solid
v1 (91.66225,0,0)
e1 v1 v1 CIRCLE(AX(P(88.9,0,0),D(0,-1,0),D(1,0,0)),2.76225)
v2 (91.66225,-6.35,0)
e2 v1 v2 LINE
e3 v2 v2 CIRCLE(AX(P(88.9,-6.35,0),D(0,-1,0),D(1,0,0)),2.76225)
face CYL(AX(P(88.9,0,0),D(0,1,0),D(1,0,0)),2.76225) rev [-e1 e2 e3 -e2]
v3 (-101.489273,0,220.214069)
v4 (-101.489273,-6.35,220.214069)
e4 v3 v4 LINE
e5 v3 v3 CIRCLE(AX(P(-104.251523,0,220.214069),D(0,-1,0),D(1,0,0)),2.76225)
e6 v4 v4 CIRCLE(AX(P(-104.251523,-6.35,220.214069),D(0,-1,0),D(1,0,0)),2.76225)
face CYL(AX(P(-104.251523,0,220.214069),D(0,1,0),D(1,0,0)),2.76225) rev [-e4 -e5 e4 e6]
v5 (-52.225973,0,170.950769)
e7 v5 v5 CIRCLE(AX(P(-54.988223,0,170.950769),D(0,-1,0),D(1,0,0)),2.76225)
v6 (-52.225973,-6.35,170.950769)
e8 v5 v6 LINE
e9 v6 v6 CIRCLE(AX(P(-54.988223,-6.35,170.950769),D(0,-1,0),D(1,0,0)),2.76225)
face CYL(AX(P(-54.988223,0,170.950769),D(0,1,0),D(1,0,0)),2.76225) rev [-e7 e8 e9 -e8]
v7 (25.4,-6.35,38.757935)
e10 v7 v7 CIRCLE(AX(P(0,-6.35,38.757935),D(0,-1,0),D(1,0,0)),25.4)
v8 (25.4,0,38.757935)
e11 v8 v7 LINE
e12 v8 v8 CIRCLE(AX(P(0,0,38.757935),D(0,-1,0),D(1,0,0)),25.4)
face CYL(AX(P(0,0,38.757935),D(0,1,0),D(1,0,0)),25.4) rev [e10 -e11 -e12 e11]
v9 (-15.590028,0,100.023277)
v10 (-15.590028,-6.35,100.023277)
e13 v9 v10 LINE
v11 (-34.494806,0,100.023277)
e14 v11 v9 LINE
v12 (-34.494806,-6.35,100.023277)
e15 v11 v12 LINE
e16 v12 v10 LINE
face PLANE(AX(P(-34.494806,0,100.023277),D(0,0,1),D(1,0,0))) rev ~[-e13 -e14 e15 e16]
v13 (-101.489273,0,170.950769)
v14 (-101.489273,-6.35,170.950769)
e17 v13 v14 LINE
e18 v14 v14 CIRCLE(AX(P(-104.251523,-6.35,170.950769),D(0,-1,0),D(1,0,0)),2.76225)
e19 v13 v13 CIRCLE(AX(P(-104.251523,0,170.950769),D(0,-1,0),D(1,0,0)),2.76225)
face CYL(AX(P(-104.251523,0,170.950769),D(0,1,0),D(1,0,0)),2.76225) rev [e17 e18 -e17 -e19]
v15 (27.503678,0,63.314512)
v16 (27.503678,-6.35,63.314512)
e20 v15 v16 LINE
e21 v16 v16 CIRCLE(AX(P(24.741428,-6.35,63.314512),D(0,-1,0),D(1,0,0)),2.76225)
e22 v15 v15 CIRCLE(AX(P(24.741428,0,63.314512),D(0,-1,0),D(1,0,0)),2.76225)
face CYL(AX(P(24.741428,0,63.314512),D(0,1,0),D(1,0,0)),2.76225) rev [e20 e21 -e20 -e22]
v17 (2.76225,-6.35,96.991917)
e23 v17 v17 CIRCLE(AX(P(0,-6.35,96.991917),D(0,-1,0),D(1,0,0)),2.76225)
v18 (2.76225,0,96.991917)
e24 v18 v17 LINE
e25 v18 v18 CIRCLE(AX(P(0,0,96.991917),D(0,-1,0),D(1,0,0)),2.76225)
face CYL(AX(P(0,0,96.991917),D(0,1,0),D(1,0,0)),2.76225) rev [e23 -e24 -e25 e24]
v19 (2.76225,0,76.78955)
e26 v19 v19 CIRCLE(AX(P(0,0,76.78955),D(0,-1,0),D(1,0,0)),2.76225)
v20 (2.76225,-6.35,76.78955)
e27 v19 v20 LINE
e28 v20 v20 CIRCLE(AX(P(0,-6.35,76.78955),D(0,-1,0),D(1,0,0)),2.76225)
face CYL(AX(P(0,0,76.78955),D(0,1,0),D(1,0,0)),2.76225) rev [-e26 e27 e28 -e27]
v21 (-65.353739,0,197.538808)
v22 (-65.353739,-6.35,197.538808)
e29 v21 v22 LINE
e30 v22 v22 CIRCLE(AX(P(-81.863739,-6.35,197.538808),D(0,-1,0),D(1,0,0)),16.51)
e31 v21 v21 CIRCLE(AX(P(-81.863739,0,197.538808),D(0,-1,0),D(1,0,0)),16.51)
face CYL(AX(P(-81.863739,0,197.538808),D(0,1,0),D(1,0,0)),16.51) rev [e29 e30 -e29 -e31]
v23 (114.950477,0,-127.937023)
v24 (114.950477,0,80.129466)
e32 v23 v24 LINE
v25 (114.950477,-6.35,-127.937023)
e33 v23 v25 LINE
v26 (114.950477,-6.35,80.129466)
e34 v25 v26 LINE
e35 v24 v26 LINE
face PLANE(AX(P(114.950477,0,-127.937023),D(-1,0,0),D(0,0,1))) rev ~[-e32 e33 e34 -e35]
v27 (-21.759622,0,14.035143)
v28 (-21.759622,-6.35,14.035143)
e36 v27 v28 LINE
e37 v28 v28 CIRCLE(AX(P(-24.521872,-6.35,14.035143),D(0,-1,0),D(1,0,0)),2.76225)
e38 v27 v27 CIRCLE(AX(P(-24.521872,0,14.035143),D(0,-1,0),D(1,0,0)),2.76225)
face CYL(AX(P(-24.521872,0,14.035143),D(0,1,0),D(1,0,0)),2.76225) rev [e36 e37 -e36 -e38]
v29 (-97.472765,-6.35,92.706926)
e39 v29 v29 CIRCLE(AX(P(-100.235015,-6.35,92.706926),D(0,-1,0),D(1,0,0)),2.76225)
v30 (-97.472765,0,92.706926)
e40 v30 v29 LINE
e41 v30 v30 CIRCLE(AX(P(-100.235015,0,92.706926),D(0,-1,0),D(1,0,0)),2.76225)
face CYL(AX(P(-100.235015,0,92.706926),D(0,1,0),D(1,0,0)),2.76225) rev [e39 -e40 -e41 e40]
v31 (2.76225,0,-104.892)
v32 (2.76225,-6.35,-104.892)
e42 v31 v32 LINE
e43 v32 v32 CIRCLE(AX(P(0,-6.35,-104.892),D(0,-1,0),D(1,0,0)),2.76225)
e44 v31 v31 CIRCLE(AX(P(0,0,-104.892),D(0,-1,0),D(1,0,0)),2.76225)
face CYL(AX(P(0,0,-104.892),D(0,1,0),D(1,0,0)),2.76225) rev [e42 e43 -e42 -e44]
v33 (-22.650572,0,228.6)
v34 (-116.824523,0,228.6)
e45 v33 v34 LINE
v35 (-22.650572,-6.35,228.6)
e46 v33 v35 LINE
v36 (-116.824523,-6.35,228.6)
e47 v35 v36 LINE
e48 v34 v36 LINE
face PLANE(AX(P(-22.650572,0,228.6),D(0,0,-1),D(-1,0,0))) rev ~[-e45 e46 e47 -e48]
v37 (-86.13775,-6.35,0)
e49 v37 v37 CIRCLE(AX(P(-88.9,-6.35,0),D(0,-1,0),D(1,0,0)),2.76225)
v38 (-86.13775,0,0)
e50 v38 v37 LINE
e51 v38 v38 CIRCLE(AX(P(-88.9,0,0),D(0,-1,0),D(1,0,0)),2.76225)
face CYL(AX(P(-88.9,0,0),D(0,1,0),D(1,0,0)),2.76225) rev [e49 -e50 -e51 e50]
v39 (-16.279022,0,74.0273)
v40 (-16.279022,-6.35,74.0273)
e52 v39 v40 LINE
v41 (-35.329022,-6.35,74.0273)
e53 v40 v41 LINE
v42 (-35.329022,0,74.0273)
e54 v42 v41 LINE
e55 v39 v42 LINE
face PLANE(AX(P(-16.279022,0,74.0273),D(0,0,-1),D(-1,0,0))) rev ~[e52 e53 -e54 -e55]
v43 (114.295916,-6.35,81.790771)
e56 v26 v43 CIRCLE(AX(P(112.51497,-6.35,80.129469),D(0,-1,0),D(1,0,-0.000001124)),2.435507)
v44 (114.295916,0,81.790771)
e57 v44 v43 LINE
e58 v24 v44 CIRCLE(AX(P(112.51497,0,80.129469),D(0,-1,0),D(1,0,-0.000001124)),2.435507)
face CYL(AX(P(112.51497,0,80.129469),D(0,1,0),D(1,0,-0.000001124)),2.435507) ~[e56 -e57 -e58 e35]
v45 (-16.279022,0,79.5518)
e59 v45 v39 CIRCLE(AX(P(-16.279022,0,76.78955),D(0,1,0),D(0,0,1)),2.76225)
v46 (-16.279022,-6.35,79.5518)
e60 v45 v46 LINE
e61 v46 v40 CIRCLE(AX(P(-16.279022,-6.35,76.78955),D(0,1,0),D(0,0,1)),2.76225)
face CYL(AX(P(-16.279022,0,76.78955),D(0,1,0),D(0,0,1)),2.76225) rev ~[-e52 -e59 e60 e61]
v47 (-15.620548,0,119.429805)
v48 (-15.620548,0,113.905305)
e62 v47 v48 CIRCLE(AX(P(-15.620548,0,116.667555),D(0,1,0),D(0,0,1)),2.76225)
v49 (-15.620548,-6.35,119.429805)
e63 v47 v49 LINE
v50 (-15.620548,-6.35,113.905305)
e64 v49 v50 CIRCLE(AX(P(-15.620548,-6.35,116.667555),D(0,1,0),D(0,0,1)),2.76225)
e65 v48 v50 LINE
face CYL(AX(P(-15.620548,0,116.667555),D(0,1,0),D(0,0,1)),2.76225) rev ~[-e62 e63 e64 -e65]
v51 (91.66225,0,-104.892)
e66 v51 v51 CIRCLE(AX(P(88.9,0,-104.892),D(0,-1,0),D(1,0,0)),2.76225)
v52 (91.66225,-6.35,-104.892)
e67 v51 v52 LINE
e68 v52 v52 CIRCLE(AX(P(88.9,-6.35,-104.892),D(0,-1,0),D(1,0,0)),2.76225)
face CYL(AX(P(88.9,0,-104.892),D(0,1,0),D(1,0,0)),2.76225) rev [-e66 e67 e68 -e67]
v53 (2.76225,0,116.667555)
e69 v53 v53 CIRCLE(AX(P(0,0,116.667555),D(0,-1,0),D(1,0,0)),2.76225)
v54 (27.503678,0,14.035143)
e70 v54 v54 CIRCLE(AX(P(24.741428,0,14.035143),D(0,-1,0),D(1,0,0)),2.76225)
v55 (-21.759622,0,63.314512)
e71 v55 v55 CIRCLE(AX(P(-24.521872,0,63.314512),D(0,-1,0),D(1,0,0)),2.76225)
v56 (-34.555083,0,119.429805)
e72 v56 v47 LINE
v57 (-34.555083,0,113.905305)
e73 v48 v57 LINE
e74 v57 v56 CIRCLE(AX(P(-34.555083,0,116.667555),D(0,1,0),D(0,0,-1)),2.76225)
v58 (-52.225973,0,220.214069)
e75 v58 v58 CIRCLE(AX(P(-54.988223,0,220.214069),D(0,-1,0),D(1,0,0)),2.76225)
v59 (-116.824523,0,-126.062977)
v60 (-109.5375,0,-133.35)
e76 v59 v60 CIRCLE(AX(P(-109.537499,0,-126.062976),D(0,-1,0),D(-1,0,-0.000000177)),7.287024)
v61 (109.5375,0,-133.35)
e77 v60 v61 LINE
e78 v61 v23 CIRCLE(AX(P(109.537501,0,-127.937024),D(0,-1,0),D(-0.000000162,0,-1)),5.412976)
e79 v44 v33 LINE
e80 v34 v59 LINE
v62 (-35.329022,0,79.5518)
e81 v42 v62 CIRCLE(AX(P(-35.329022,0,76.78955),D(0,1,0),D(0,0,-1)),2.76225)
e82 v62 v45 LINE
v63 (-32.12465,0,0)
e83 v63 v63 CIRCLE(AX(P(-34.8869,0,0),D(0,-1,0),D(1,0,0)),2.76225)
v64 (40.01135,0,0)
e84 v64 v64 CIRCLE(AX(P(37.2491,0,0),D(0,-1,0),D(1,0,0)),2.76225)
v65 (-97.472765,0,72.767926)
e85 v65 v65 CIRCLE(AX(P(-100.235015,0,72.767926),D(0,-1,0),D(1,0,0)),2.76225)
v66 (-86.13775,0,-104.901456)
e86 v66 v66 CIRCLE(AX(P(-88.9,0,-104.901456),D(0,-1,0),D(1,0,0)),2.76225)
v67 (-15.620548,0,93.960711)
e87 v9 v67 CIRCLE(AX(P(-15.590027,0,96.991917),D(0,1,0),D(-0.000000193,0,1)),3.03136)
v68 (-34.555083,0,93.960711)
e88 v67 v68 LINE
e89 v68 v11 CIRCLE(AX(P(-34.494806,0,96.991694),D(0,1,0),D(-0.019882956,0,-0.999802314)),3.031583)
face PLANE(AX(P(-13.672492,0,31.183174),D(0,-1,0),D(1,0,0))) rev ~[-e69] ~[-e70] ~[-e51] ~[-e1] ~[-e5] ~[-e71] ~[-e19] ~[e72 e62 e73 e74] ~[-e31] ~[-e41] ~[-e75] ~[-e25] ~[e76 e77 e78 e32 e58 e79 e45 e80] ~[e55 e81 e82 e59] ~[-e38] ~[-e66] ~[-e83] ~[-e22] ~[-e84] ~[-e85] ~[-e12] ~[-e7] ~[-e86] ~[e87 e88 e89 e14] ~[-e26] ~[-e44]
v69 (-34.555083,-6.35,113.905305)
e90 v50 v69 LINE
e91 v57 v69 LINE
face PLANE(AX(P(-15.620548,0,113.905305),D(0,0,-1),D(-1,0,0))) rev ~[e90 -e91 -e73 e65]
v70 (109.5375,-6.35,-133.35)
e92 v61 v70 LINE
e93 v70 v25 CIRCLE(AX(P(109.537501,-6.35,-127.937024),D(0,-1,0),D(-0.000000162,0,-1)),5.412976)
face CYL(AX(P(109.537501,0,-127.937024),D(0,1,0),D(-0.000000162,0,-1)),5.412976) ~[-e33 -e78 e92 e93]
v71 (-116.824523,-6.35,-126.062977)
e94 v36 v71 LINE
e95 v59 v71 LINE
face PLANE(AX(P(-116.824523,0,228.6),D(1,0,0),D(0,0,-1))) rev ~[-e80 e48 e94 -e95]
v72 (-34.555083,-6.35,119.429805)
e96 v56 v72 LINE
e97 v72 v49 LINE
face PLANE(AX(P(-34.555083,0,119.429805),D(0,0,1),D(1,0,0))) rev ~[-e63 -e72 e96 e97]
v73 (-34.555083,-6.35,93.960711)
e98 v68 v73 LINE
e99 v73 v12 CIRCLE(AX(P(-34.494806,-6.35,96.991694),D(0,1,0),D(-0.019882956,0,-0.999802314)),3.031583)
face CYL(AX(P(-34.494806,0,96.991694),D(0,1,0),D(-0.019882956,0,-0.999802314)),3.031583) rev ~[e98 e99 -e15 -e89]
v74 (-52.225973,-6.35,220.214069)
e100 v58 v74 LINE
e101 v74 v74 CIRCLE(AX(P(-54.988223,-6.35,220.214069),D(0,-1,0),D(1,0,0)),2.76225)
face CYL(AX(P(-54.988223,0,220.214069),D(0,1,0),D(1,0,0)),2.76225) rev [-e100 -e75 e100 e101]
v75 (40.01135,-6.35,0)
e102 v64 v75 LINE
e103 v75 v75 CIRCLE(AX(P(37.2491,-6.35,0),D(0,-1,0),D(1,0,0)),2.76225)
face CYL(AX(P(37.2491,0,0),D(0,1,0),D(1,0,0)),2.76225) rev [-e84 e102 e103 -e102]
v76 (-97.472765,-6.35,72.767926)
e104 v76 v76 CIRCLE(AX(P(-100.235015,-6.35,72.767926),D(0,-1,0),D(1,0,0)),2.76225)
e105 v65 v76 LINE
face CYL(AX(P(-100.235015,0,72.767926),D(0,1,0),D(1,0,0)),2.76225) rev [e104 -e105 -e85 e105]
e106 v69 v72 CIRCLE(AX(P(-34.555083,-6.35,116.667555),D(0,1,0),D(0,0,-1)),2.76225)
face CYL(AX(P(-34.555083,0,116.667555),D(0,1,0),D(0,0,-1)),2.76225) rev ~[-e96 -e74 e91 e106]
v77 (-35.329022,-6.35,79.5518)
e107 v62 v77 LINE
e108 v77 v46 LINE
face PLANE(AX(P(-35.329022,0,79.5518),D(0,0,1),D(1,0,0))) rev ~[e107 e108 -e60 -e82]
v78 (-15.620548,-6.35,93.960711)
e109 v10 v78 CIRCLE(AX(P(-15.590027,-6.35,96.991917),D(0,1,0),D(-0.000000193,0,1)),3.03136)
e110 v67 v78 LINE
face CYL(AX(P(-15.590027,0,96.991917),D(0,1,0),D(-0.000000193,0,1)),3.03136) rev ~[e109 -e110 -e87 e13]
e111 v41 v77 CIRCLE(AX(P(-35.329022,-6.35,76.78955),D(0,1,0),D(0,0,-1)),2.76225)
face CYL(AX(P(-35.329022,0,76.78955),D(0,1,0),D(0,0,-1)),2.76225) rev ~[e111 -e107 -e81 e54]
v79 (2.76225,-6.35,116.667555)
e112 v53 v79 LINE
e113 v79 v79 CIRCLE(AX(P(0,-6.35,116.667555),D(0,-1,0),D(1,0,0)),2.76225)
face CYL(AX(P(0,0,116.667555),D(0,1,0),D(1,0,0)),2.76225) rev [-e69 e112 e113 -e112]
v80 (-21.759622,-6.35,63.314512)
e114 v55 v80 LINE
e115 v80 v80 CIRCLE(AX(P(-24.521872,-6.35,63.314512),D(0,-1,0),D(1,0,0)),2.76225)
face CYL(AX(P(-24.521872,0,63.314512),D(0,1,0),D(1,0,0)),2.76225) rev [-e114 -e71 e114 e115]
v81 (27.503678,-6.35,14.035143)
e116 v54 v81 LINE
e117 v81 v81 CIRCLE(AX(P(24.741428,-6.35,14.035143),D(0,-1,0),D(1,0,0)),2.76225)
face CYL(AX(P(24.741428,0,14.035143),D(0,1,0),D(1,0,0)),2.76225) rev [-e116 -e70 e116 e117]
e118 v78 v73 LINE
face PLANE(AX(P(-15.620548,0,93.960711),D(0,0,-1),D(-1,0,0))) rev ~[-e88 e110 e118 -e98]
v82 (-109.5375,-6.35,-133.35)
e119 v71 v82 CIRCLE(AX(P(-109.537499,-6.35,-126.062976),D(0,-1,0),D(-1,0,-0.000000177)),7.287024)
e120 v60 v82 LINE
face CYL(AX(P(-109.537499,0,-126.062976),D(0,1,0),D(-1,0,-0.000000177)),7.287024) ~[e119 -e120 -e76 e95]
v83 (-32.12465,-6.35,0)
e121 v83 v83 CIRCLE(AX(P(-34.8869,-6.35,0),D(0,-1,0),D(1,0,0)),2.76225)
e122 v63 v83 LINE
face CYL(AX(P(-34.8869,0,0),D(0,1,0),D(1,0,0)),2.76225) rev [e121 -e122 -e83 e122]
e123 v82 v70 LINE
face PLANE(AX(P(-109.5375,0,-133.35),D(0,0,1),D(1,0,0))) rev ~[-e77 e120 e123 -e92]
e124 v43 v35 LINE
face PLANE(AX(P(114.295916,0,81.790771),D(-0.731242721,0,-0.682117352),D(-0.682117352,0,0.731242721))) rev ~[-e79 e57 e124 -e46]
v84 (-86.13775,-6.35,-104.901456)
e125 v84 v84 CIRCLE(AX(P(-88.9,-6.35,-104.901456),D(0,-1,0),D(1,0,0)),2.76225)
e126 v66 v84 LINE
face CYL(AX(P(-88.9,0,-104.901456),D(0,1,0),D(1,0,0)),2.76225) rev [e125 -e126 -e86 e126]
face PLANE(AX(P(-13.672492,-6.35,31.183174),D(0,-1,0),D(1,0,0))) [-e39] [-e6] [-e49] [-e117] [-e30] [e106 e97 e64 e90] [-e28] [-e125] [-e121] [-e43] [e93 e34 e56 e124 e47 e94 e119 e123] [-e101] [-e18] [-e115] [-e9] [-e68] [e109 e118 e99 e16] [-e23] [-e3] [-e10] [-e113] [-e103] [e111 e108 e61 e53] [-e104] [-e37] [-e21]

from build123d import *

# Parameters (mm, degrees)
F0_R     = 2.76225
F0_R_2   = 25.4
F0_R_3   = 16.51
F1_DEPTH = 6.35


with BuildPart() as f1:
    # F0 (on Front) → F1 (new body)
    with BuildSketch(Plane.XZ):
        with BuildLine():
            ThreePointArc((-116.824523, -126.062977), (-114.690203, -131.21568), (-109.5375, -133.35))
            Line((-109.5375, -133.35), (109.5375, -133.35))
            ThreePointArc((109.5375, -133.35), (113.365053, -131.764576), (114.950477, -127.937023))
            Line((114.950477, -127.937023), (114.950477, 80.129466))
            ThreePointArc((114.950477, 80.129466), (114.780936, 81.022269), (114.295916, 81.790771))
            Line((114.295916, 81.790771), (-22.650572, 228.6))
            Line((-22.650572, 228.6), (-116.824523, 228.6))
            Line((-116.824523, 228.6), (-116.824523, -126.062977))
        make_face()
        with Locations((-88.9, -104.901456)):
            Circle(F0_R, mode=Mode.SUBTRACT)
        with Locations((-88.9, 0)):
            Circle(F0_R, mode=Mode.SUBTRACT)
        with Locations((-34.8869, 0)):
            Circle(F0_R, mode=Mode.SUBTRACT)
        with Locations((-24.521872, 14.035143)):
            Circle(F0_R, mode=Mode.SUBTRACT)
        with Locations((0, -104.892)):
            Circle(F0_R, mode=Mode.SUBTRACT)
        with Locations((88.9, -104.892)):
            Circle(F0_R, mode=Mode.SUBTRACT)
        with Locations((37.2491, 0)):
            Circle(F0_R, mode=Mode.SUBTRACT)
        with Locations((24.741428, 14.035143)):
            Circle(F0_R, mode=Mode.SUBTRACT)
        with Locations((0, 38.757935)):
            Circle(F0_R_2, mode=Mode.SUBTRACT)
        with Locations((88.9, 0)):
            Circle(F0_R, mode=Mode.SUBTRACT)
        with Locations((-100.235015, 72.767926)):
            Circle(F0_R, mode=Mode.SUBTRACT)
        with Locations((-100.235015, 92.706926)):
            Circle(F0_R, mode=Mode.SUBTRACT)
        with Locations((-24.521872, 63.314512)):
            Circle(F0_R, mode=Mode.SUBTRACT)
        with BuildLine():
            ThreePointArc((-35.329022, 74.0273), (-38.091272, 76.78955), (-35.329022, 79.5518))
            Line((-35.329022, 79.5518), (-16.279022, 79.5518))
            ThreePointArc((-16.279022, 79.5518), (-13.516772, 76.78955), (-16.279022, 74.0273))
            Line((-16.279022, 74.0273), (-35.329022, 74.0273))
        make_face(mode=Mode.SUBTRACT)
        with BuildLine():
            ThreePointArc((-15.590028, 100.023277), (-12.558706, 96.976657), (-15.620548, 93.960711))
            Line((-15.620548, 93.960711), (-34.555083, 93.960711))
            ThreePointArc((-34.555083, 93.960711), (-37.526239, 97.021834), (-34.494806, 100.023277))
            Line((-34.494806, 100.023277), (-15.590028, 100.023277))
        make_face(mode=Mode.SUBTRACT)
        with BuildLine():
            ThreePointArc((-34.555083, 113.905305), (-37.317333, 116.667555), (-34.555083, 119.429805))
            Line((-34.555083, 119.429805), (-15.620548, 119.429805))
            ThreePointArc((-15.620548, 119.429805), (-12.858298, 116.667555), (-15.620548, 113.905305))
            Line((-15.620548, 113.905305), (-34.555083, 113.905305))
        make_face(mode=Mode.SUBTRACT)
        with Locations((-104.251523, 170.950769)):
            Circle(F0_R, mode=Mode.SUBTRACT)
        with Locations((-104.251523, 220.214069)):
            Circle(F0_R, mode=Mode.SUBTRACT)
        with Locations((-81.863739, 197.538808)):
            Circle(F0_R_3, mode=Mode.SUBTRACT)
        with Locations((-54.988223, 170.950769)):
            Circle(F0_R, mode=Mode.SUBTRACT)
        with Locations((-54.988223, 220.214069)):
            Circle(F0_R, mode=Mode.SUBTRACT)
        with Locations((24.741428, 63.314512)):
            Circle(F0_R, mode=Mode.SUBTRACT)
        with Locations((0, 76.78955)):
            Circle(F0_R, mode=Mode.SUBTRACT)
        with Locations((0, 96.991917)):
            Circle(F0_R, mode=Mode.SUBTRACT)
        with Locations((0, 116.667555)):
            Circle(F0_R, mode=Mode.SUBTRACT)
    extrude(amount=F1_DEPTH)


solid = f1.part
